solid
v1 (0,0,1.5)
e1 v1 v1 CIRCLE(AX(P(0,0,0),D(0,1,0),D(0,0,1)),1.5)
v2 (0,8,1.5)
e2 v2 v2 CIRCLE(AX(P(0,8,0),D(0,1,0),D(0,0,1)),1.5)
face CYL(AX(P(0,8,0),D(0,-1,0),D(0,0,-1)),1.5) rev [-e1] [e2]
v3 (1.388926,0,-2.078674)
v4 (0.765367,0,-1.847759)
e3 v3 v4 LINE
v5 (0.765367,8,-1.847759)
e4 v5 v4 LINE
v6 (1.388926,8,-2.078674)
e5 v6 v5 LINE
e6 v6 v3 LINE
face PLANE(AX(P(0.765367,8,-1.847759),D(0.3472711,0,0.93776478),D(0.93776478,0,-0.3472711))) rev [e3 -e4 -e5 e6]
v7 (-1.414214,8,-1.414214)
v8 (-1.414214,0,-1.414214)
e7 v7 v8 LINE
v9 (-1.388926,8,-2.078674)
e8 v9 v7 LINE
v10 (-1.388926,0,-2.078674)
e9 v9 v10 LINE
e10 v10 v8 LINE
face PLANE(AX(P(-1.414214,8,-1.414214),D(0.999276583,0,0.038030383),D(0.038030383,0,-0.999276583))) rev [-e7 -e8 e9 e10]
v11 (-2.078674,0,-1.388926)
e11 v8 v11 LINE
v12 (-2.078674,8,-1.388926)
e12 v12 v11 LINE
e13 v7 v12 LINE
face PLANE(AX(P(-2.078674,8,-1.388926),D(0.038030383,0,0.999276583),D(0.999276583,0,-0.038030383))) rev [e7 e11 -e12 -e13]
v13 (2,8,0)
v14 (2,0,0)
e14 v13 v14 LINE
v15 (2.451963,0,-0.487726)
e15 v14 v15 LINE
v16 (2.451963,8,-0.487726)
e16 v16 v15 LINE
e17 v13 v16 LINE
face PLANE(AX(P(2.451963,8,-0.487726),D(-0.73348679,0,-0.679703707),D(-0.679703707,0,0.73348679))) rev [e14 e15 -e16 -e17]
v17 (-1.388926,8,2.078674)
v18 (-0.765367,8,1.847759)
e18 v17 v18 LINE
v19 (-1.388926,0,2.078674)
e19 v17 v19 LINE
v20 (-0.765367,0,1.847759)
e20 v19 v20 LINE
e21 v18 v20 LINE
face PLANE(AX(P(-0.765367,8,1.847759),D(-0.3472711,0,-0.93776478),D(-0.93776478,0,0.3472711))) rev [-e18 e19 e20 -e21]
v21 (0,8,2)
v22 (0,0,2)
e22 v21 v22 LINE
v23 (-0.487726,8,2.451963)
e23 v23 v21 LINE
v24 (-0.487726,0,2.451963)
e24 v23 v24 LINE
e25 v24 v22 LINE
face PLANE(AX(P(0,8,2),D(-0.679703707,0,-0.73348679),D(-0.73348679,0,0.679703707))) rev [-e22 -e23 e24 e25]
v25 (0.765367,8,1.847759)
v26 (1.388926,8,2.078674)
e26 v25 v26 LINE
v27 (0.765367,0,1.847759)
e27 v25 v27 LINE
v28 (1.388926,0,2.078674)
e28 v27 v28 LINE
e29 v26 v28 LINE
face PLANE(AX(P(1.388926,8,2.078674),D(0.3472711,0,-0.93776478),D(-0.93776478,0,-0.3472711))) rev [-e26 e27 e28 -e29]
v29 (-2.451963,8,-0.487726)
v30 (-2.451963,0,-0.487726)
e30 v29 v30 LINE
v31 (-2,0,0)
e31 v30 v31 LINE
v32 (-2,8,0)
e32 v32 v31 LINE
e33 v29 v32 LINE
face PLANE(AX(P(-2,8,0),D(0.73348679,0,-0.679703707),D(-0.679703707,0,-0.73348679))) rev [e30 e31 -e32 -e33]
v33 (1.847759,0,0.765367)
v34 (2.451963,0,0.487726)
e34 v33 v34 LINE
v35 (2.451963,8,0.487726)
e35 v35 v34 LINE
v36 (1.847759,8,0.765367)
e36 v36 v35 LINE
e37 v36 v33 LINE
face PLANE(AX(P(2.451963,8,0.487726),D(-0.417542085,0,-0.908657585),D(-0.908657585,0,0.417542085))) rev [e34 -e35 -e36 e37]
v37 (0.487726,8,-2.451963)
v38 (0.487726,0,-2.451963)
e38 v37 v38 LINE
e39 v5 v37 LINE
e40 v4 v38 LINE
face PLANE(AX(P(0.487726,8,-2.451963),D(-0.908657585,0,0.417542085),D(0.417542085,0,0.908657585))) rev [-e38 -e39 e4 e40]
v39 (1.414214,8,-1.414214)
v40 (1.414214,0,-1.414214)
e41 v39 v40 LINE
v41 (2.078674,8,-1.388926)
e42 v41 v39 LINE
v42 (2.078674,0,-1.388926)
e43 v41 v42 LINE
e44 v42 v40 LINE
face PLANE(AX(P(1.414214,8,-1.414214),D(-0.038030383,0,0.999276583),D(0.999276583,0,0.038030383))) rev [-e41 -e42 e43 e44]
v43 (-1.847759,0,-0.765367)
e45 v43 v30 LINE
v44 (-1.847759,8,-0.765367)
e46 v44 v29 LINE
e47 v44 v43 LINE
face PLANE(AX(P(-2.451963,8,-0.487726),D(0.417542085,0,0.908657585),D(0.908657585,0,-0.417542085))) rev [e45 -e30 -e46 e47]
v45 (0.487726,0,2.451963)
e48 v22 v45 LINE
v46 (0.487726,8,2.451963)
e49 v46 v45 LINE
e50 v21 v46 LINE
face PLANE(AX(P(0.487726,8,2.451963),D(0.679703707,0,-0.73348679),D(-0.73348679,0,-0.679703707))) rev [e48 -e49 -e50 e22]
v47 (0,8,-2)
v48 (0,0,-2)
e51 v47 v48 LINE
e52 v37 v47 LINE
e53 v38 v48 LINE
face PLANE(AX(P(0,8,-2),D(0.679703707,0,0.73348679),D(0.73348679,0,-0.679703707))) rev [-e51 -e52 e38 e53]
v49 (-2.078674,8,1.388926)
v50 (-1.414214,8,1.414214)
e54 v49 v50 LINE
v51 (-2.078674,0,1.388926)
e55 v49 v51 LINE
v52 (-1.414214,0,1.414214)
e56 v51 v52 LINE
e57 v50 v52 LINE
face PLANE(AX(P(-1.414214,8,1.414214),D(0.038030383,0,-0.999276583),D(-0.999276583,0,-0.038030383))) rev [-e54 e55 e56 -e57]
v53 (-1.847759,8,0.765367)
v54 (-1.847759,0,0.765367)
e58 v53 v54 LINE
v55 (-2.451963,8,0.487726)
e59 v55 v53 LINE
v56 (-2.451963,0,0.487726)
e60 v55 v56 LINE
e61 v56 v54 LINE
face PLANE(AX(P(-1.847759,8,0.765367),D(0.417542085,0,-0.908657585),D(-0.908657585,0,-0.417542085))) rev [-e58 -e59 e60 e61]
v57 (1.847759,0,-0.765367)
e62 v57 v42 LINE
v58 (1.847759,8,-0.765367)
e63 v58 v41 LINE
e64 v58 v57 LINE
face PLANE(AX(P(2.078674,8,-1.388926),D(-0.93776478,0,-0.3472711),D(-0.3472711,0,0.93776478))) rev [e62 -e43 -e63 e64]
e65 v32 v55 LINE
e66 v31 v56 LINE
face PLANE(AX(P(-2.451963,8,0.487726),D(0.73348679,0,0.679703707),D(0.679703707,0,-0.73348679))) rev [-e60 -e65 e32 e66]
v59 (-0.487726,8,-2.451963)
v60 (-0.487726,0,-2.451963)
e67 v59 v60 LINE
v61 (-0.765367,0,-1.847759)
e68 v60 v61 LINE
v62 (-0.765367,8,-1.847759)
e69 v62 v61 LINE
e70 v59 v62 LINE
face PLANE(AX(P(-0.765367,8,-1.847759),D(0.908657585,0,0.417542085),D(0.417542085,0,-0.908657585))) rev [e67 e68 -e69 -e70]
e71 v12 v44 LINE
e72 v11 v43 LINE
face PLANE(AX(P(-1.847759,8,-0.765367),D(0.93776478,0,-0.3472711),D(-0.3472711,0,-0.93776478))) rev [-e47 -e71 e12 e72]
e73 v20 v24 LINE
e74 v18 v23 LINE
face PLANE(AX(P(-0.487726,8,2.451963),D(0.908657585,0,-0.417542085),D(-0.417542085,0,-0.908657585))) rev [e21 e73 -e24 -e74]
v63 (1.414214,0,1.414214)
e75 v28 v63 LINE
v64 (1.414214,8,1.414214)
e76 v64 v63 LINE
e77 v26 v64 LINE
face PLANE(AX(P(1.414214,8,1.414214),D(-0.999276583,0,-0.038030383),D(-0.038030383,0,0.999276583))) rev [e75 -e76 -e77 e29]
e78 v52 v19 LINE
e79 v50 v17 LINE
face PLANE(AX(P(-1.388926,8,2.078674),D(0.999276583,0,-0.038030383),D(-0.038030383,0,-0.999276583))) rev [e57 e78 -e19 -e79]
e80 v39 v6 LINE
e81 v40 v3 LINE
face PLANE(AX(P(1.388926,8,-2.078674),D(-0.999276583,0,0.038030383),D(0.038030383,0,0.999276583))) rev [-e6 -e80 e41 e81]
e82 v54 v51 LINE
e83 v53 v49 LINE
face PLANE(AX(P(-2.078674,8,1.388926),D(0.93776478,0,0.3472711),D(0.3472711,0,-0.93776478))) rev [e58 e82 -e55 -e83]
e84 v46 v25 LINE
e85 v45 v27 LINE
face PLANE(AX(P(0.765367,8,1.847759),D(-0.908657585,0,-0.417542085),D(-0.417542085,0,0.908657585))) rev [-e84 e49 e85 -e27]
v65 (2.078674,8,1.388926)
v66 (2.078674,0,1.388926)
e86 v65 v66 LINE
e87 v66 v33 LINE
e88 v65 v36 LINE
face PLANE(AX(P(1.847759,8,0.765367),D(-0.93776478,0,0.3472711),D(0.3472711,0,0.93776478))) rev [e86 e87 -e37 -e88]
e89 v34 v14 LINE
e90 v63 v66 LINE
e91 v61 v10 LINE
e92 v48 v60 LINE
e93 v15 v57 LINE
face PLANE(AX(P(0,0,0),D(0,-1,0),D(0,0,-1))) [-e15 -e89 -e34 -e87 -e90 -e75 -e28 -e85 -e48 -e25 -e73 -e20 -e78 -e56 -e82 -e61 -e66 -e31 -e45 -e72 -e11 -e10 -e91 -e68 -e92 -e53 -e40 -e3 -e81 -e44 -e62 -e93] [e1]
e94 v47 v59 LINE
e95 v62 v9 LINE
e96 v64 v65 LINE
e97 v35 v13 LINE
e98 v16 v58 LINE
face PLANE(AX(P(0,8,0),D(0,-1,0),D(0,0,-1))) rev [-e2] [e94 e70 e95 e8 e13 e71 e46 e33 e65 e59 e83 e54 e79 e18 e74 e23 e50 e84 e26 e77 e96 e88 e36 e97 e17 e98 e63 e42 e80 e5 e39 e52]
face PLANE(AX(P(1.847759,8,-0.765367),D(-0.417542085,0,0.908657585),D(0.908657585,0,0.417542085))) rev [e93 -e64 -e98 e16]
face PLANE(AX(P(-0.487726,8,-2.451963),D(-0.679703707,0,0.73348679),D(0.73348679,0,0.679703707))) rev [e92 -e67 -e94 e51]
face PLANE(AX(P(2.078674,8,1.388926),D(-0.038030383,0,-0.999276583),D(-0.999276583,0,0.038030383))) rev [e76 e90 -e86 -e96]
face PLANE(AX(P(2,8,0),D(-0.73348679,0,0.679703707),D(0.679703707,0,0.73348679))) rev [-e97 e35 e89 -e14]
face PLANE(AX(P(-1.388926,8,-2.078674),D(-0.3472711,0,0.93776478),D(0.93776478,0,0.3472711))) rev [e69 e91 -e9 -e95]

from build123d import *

# Parameters (mm, degrees)
SKETCH1_R           = 1.5
BOSS_EXTRUDE1_DEPTH = 8


with BuildPart() as part:
    # Sketch1 → Boss-Extrude1 (new body)
    with BuildSketch(Plane(origin=(0, 0, 0), x_dir=(1, 0, 0), z_dir=(0, 1, 0))):
        Polygon((0, 2), (0.487725805, 2.451963201), (0.765366865, 1.847759065), (1.388925583, 2.078674031), (1.414213562, 1.414213562), (2.078674031, 1.388925583), (1.847759065, 0.765366865), (2.451963201, 0.487725805), (2, 0), (2.451963201, -0.487725805), (1.847759065, -0.765366865), (2.078674031, -1.388925583), (1.414213562, -1.414213562), (1.388925583, -2.078674031), (0.765366865, -1.847759065), (0.487725805, -2.451963201), (0, -2), (-0.487725805, -2.451963201), (-0.765366865, -1.847759065), (-1.388925583, -2.078674031), (-1.414213562, -1.414213562), (-2.078674031, -1.388925583), (-1.847759065, -0.765366865), (-2.451963201, -0.487725805), (-2, 0), (-2.451963201, 0.487725805), (-1.847759065, 0.765366865), (-2.078674031, 1.388925583), (-1.414213562, 1.414213562), (-1.388925583, 2.078674031), (-0.765366865, 1.847759065), (-0.487725805, 2.451963201), align=None)
        Circle(SKETCH1_R, mode=Mode.SUBTRACT)
    extrude(amount=BOSS_EXTRUDE1_DEPTH)


solid = part.part
